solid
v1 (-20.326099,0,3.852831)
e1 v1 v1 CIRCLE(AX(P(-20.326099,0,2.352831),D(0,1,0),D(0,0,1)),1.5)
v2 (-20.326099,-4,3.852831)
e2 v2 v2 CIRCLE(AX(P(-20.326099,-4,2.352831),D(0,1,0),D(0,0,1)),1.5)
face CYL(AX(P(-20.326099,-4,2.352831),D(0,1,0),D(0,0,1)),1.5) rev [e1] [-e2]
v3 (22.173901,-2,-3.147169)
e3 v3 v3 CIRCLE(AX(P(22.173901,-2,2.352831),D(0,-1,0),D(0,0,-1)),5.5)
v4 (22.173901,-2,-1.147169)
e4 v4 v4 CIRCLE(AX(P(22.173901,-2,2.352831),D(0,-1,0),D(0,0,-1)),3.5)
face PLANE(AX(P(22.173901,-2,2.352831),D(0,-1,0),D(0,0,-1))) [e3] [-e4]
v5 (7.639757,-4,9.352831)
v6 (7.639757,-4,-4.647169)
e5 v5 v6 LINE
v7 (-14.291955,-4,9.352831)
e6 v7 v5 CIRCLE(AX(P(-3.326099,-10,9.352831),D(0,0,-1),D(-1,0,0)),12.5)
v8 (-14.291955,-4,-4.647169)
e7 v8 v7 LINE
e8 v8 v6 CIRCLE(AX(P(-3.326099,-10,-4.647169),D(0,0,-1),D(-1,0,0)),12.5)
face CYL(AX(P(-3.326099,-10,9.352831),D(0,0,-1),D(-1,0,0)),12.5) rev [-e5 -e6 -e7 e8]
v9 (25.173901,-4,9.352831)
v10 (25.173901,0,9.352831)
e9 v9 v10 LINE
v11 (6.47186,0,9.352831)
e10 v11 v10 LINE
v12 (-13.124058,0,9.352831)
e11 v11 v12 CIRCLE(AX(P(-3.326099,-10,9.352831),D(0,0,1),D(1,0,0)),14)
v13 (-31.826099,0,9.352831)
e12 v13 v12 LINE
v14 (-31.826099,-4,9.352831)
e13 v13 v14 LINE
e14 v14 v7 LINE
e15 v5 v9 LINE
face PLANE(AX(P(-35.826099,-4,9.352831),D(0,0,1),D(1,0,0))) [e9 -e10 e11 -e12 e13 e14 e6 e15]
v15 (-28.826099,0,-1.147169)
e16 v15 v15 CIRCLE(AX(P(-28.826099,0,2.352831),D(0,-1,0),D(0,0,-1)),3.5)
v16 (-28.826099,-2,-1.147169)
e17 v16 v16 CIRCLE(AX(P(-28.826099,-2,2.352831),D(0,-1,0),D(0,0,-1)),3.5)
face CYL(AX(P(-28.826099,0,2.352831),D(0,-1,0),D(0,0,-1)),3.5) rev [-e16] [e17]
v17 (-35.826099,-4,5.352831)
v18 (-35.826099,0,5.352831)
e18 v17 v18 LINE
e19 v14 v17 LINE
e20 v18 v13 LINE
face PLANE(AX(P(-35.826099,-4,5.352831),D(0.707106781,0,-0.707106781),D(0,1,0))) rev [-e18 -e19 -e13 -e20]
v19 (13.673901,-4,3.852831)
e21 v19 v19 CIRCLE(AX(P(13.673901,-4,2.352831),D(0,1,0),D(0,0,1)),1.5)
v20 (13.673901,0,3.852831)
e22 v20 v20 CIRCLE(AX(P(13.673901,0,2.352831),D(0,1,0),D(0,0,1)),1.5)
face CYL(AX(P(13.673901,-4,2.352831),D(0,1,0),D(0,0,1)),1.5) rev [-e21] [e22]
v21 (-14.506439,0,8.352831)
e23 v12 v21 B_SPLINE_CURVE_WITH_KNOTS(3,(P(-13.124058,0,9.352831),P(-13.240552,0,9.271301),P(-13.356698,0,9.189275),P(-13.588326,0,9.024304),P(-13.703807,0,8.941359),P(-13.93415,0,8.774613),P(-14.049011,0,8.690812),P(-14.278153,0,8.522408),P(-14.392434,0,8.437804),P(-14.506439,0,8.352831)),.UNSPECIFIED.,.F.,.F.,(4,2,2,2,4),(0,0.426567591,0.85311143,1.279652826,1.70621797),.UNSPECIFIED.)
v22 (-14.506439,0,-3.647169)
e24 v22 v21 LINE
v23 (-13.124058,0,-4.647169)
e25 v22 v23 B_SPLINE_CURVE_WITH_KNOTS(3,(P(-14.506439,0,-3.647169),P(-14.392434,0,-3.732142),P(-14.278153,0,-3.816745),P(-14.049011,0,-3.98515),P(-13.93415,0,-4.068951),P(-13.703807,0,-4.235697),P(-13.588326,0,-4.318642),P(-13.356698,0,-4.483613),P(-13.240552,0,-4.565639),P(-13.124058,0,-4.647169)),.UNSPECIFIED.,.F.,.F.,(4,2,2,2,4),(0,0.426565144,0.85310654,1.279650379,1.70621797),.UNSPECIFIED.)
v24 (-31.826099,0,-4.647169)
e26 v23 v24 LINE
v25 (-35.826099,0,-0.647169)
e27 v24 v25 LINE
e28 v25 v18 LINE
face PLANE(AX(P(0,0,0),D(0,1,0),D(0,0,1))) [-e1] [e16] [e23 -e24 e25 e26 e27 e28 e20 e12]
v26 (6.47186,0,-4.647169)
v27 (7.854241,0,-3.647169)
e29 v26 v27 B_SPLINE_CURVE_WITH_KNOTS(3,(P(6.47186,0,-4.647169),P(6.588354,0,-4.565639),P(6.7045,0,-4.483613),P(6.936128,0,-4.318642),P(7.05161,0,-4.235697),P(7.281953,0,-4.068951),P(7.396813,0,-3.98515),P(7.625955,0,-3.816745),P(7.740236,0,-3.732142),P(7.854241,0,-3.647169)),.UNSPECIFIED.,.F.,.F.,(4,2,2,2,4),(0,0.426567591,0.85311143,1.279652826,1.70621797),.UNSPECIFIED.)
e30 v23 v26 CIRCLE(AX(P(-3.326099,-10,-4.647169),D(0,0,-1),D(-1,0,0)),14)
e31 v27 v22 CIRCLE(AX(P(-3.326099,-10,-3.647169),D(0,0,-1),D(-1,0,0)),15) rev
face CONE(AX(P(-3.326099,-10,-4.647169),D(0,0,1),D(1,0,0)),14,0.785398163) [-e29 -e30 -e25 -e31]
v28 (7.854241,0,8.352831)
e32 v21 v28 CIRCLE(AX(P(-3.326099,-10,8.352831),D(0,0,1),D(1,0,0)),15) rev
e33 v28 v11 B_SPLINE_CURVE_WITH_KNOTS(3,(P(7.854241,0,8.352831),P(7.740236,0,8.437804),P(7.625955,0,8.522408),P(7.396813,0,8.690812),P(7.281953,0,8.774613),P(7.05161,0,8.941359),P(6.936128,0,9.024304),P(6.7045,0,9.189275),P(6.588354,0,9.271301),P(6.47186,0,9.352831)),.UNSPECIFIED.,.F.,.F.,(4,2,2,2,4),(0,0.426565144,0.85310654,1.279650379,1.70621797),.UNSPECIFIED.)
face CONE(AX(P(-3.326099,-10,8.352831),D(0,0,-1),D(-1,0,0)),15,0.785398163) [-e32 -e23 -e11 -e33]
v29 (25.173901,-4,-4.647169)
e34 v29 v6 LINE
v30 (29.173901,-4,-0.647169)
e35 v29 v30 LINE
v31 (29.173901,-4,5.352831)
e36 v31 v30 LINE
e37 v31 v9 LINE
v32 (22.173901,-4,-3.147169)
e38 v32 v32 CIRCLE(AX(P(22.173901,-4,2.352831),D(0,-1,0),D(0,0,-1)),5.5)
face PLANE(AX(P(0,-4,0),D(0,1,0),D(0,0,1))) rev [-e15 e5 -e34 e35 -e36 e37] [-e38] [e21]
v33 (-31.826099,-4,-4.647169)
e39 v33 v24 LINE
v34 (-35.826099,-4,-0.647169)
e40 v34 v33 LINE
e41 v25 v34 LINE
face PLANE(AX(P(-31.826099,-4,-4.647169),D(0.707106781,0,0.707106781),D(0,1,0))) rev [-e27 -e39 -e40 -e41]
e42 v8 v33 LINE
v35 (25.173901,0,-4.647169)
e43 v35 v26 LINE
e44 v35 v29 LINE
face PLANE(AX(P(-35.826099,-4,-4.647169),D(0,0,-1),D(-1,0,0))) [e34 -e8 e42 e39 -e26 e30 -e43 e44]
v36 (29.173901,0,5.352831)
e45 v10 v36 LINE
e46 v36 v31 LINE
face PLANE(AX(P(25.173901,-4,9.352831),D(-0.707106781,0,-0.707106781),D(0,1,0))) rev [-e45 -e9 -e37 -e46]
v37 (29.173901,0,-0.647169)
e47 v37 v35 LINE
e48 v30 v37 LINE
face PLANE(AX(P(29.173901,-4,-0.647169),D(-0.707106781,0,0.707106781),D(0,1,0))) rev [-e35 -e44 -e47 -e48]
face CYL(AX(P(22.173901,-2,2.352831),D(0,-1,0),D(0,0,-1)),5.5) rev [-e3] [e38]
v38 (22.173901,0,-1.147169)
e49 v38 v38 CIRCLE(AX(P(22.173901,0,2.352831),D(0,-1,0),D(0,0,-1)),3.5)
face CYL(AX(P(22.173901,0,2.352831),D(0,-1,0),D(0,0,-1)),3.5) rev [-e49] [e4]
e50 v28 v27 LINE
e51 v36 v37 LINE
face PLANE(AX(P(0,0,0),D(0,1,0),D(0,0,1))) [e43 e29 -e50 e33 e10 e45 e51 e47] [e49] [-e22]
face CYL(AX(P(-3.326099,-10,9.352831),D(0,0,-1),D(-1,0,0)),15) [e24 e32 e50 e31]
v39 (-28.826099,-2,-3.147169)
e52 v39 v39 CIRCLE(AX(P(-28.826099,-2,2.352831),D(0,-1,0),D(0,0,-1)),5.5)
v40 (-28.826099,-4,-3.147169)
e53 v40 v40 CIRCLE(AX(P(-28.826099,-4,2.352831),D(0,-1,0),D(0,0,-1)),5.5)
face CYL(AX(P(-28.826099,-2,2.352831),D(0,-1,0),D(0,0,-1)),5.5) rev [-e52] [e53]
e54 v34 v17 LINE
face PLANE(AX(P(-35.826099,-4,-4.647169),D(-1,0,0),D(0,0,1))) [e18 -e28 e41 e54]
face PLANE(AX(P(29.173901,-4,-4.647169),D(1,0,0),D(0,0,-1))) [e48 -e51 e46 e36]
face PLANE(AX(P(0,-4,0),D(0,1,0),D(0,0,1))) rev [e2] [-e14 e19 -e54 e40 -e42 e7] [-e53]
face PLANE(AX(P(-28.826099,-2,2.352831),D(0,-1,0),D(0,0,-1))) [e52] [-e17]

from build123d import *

# Parameters (mm, degrees)
ESQUISSE2_W             = 65
ESQUISSE2_H             = 14
BOSS_EXTRU_1_DEPTH      = 4
ESQUISSE3_R             = 5.5
ENL_V_MAT_EXTRU_1_DEPTH = 2
ESQUISSE4_R             = 3.5
ENL_V_MAT_EXTRU_2_DEPTH = 38.080787511
BOSS_EXTRU_3_DEPTH      = 14
ESQUISSE7_R             = 12.5
ENL_V_MAT_EXTRU_4_DEPTH = 39.788005272
ESQUISSE8_R             = 1.5
ENL_V_MAT_EXTRU_5_DEPTH = 38.362880007
CHANFREIN1_SIZE         = 1
CHANFREIN2_SIZE         = 4


with BuildPart() as part:
    # Esquisse2 → Boss.-Extru.1 (new body)
    with BuildSketch(Plane(origin=(0, 0, 0), x_dir=(1, 0, 0), z_dir=(0, 1, 0))):
        with Locations((-3.326098768, -2.352831094)):
            Rectangle(ESQUISSE2_W, ESQUISSE2_H)
    extrude(amount=-BOSS_EXTRU_1_DEPTH)

    # Esquisse3 → Enlèv. mat.-Extru.1 (cut)
    with BuildSketch(Plane.XZ.offset(4)):
        with Locations(Location((-28.826098768, 2.352831094, 0), (0, 0, 270))):
            Circle(ESQUISSE3_R)
        with Locations(Location((22.173901232, 2.352831094, 0), (0, 0, 270))):
            Circle(ESQUISSE3_R)
    extrude(amount=-ENL_V_MAT_EXTRU_1_DEPTH, mode=Mode.SUBTRACT)

    # Esquisse4 → Enlèv. mat.-Extru.2 (cut, through all)
    with BuildSketch(Plane.XZ.offset(2)):
        with Locations(Location((-28.826098768, 2.352831094, 0), (0, 0, 270))):
            Circle(ESQUISSE4_R)
        with Locations(Location((22.173901232, 2.352831094, 0), (0, 0, 270))):
            Circle(ESQUISSE4_R)
    extrude(amount=-ENL_V_MAT_EXTRU_2_DEPTH, mode=Mode.SUBTRACT)

    # Esquisse5 → Boss.-Extru.3 (add)
    with BuildSketch(Plane(origin=(0, 0, -4.647168906), x_dir=(-1, 0, 0), z_dir=(0, 0, -1))):
        with BuildLine():
            Line((-10.421628317, -4), (17.073825853, -4))
            ThreePointArc((17.073825853, -4), (3.326098768, 5), (-10.421628317, -4))
        make_face()
    extrude(amount=-BOSS_EXTRU_3_DEPTH)

    # Esquisse7 → Enlèv. mat.-Extru.4 (cut, through all)
    with BuildSketch(Plane(origin=(0, 0, -4.647168906), x_dir=(-1, 0, 0), z_dir=(0, 0, -1))):
        with Locations((3.326098768, -10)):
            Circle(ESQUISSE7_R)
    extrude(amount=-ENL_V_MAT_EXTRU_4_DEPTH, mode=Mode.SUBTRACT)

    # Esquisse8 → Enlèv. mat.-Extru.5 (cut, through all)
    with BuildSketch(Plane(origin=(0, 0, 0), x_dir=(1, 0, 0), z_dir=(0, 1, 0))):
        with Locations(Location((-20.326098768, -2.352831094, 0), (0, 0, 270))):
            Circle(ESQUISSE8_R)
        with Locations(Location((13.673901232, -2.352831094, 0), (0, 0, 270))):
            Circle(ESQUISSE8_R)
    extrude(amount=-ENL_V_MAT_EXTRU_5_DEPTH, mode=Mode.SUBTRACT)

    # Chanfrein1
    chanfrein1_edges = [part.edges().sort_by_distance(p)[0] for p in [
        (-3.326098768, 5, 9.352831094),
        (-3.326098768, 5, -4.647168906),
    ]]
    chamfer(chanfrein1_edges, length=CHANFREIN1_SIZE)

    # Chanfrein2
    chanfrein2_edges = [part.edges().sort_by_distance(p)[0] for p in [
        (-35.826098768, -2, -4.647168906),
        (29.173901232, -2, -4.647168906),
        (29.173901232, -2, 9.352831094),
        (-35.826098768, -2, 9.352831094),
    ]]
    chamfer(chanfrein2_edges, length=CHANFREIN2_SIZE)


solid = part.part
